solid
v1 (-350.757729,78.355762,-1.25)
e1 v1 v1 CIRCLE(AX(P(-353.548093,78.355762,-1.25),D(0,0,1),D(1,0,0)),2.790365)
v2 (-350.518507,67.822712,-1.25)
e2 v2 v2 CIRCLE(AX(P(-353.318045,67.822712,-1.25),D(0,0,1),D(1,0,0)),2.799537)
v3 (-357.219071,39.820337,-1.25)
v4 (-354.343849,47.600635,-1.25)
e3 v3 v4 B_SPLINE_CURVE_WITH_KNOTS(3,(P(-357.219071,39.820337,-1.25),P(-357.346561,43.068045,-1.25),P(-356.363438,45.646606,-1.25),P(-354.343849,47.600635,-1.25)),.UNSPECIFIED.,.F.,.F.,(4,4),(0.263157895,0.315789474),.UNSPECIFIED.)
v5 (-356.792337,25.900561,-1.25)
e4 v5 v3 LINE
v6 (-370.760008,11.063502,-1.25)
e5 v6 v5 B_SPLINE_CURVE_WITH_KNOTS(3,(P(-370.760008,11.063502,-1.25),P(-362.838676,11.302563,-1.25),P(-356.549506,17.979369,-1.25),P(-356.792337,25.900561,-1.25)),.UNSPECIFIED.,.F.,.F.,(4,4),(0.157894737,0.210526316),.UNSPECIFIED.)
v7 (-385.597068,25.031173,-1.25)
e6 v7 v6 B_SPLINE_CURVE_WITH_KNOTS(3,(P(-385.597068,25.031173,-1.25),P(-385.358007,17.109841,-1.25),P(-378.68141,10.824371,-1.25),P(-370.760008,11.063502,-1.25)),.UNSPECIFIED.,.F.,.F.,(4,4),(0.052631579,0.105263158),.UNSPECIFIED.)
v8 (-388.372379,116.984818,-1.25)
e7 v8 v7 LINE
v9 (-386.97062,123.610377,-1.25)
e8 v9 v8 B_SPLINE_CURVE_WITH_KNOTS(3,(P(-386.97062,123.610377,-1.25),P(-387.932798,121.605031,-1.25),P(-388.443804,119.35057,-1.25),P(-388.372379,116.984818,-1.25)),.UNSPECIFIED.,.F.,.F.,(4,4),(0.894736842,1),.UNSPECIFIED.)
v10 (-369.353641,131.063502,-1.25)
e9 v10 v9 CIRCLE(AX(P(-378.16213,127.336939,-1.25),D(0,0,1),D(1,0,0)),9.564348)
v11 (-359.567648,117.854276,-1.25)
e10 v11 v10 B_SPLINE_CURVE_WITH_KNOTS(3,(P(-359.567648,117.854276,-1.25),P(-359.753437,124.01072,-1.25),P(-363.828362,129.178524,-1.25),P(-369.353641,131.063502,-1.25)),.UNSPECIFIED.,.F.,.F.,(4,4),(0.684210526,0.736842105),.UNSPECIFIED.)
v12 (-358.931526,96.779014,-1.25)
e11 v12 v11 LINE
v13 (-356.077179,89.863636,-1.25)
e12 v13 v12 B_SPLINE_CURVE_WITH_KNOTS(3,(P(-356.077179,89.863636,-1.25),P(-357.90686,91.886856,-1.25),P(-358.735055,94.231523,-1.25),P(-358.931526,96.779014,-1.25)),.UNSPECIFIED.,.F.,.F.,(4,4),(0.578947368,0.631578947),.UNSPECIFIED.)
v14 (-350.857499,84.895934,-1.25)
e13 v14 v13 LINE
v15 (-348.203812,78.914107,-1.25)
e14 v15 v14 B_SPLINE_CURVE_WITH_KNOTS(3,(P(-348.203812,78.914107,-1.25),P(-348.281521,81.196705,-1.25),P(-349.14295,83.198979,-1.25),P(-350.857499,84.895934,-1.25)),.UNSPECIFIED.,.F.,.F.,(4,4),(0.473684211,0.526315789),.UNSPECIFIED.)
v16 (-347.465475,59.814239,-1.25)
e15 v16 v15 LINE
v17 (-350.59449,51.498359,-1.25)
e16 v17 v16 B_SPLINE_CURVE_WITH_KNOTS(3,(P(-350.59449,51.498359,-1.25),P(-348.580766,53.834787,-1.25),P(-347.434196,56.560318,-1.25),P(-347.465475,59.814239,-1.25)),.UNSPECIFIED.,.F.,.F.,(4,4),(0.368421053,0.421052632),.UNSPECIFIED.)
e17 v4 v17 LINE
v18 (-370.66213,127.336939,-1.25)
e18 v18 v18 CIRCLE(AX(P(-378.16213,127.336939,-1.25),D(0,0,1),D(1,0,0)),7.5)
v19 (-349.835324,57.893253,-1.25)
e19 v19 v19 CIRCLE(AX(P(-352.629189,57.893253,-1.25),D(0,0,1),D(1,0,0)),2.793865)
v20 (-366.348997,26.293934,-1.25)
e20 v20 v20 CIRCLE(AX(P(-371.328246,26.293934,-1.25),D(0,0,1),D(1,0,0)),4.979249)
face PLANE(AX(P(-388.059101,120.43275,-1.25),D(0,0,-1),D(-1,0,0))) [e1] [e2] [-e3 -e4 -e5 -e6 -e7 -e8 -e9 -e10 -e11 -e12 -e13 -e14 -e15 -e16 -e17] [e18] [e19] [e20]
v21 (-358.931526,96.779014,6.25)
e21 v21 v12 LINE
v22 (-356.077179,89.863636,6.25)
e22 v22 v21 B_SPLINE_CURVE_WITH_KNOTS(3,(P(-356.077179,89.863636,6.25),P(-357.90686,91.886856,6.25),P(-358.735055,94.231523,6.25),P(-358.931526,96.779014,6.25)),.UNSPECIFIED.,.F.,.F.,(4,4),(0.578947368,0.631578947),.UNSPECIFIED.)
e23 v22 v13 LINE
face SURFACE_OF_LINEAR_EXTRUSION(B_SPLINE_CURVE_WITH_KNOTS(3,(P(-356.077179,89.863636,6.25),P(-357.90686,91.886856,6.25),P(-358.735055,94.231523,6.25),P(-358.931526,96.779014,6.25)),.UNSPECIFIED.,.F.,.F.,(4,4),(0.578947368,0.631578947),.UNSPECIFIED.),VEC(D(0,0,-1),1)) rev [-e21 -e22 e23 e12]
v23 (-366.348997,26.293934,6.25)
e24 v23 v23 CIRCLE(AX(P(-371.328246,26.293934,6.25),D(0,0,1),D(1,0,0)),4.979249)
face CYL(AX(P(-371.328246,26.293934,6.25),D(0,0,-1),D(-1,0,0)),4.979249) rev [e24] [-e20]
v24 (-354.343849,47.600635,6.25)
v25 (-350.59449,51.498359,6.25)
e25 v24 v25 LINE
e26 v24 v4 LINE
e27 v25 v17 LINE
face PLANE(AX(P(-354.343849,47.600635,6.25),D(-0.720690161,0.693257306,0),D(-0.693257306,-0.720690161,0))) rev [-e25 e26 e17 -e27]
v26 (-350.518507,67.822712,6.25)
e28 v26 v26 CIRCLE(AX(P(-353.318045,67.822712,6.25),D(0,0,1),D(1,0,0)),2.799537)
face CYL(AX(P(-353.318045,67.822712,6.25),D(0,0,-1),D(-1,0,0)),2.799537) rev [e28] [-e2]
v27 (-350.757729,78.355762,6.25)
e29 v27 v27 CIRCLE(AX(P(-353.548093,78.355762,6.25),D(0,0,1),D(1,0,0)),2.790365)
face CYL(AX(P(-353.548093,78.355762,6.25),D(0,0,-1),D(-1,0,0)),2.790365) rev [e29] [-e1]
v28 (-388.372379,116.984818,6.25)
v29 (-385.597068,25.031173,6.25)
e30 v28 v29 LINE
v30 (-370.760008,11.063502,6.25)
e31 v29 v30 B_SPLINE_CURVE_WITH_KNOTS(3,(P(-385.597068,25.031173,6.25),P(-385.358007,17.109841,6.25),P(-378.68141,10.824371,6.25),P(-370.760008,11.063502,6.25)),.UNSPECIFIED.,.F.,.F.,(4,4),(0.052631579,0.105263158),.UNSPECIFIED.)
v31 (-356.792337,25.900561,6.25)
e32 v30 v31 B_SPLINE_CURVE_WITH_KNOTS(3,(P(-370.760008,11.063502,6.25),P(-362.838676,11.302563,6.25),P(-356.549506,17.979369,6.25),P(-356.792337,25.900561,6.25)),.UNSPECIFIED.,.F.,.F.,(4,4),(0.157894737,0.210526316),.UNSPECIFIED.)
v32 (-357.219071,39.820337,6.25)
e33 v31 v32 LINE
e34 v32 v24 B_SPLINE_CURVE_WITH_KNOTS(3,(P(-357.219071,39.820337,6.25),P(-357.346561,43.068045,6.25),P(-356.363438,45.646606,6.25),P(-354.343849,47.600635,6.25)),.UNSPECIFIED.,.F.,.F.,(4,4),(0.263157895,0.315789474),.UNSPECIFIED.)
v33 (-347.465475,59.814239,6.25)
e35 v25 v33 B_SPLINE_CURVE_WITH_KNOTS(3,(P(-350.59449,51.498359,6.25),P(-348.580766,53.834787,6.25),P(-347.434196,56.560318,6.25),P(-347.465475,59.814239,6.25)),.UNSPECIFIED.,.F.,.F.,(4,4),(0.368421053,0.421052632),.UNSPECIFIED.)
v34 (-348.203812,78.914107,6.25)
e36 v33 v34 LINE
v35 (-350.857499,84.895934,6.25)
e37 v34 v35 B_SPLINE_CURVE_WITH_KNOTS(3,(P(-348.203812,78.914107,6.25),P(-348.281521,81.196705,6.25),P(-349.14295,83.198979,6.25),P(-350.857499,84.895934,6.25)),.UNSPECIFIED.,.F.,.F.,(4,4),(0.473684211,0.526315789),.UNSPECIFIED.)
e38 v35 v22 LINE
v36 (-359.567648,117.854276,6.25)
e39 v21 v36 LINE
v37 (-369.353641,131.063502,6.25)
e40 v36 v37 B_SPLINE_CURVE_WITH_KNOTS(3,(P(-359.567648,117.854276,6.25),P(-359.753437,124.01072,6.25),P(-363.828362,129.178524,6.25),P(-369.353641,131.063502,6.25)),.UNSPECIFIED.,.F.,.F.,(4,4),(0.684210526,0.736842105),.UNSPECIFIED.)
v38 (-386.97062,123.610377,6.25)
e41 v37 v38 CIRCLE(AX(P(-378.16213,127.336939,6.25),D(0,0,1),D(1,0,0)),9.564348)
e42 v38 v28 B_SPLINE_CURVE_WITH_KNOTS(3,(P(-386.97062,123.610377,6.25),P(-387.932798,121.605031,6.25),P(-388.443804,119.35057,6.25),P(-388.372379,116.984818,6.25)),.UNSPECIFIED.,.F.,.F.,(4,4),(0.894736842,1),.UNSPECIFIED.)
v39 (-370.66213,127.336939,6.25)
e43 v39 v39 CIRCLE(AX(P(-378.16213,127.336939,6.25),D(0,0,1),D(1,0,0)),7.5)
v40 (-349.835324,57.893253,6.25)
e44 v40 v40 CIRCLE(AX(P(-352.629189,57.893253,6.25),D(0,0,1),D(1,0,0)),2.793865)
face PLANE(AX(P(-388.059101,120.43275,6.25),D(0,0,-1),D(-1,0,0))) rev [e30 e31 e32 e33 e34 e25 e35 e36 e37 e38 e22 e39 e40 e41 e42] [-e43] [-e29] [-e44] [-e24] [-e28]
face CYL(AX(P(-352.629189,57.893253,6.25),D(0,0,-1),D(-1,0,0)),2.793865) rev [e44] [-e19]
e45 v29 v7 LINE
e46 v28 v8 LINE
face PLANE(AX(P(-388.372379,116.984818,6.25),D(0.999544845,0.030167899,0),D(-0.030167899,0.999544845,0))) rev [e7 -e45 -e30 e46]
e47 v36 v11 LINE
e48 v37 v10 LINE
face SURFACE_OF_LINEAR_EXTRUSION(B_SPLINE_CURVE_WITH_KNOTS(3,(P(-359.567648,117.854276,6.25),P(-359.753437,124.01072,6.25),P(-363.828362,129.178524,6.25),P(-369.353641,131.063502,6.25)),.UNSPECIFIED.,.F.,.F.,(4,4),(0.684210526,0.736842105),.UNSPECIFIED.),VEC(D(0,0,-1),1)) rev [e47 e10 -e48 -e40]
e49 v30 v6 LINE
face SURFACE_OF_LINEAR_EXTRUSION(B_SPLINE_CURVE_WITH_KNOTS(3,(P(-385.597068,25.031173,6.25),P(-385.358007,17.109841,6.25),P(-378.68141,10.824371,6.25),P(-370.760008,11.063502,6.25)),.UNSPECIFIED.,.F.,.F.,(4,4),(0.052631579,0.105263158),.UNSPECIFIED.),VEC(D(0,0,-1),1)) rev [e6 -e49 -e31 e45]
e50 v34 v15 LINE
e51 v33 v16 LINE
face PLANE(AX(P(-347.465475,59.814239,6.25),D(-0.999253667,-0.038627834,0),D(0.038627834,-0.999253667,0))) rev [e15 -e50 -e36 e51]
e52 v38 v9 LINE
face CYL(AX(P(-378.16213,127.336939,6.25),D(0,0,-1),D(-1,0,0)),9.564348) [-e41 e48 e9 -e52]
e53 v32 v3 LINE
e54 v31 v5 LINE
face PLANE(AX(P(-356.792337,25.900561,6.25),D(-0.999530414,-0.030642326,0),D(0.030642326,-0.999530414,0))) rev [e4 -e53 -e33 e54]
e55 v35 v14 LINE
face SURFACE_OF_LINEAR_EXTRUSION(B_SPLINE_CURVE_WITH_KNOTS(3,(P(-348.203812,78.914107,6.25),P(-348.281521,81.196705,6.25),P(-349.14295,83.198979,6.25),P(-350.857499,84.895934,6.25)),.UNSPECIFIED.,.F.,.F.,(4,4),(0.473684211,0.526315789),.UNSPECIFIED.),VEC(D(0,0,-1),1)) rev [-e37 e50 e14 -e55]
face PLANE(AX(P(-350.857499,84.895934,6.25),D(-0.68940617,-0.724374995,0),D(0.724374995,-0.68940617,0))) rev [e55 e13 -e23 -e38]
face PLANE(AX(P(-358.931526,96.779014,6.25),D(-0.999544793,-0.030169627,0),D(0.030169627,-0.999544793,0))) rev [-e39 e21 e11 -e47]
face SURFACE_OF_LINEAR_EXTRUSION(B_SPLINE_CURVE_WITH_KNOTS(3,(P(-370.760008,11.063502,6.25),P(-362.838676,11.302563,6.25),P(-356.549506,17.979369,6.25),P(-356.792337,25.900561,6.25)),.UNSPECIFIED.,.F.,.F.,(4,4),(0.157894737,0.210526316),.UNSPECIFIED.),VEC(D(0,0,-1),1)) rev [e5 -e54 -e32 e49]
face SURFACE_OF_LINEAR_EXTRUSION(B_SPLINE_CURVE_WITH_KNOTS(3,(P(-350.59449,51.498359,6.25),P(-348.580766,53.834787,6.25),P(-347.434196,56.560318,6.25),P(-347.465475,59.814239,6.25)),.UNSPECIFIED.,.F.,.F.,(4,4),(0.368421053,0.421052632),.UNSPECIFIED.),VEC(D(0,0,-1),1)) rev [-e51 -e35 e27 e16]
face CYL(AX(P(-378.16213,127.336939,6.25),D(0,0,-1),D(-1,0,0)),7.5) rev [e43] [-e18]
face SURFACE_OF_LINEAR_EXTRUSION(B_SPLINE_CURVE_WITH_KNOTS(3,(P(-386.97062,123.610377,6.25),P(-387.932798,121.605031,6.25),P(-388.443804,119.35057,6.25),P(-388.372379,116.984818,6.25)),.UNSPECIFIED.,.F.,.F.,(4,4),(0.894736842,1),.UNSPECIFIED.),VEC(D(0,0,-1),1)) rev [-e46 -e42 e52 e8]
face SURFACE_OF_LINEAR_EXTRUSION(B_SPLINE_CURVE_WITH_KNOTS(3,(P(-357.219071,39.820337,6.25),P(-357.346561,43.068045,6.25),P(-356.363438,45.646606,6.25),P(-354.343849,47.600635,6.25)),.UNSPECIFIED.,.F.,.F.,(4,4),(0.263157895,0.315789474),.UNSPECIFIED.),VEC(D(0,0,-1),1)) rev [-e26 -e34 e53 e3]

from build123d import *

# Parameters (mm, degrees)
SKETCH1_R           = 3.319499332
SKETCH1_R_2         = 1.86024312
SKETCH1_R_3         = 1.866358203
SKETCH1_R_4         = 1.862576991
SKETCH1_R_5         = 5
BOSS_EXTRUDE1_DEPTH = 5
SCALE1_SCALE        = 1.5


with BuildPart() as part:
    # Sketch1 → Boss-Extrude1 (new body)
    with BuildSketch(Plane.XY):
        with BuildLine():
            Line((-382.519657002, 101.671493886), (-380.669449348, 40.369064063))
            add(Edge.make_bspline(
                [(-380.669449348, 40.369064063), (-380.510075486, 35.088175777), (-376.059011151, 30.897862719), (-370.778076319, 31.057283127)],
                knots=[0.052631579, 0.052631579, 0.052631579, 0.052631579, 0.105263158, 0.105263158, 0.105263158, 0.105263158], degree=3))
            add(Edge.make_bspline(
                [(-370.778076319, 31.057283127), (-365.497188033, 31.216656989), (-361.304408032, 35.667860962), (-361.466295384, 40.948656156)],
                knots=[0.157894737, 0.157894737, 0.157894737, 0.157894737, 0.210526316, 0.210526316, 0.210526316, 0.210526316], degree=3))
            Line((-361.466295384, 40.948656156), (-361.750785175, 50.228506464))
            add(Edge.make_bspline(
                [(-361.750785175, 50.228506464), (-361.835778361, 52.39364506), (-361.180362664, 54.112685792), (-359.833970045, 55.415371618)],
                knots=[0.263157895, 0.263157895, 0.263157895, 0.263157895, 0.315789474, 0.315789474, 0.315789474, 0.315789474], degree=3))
            Line((-359.833970045, 55.415371618), (-357.334397688, 58.013854448))
            add(Edge.make_bspline(
                [(-357.334397688, 58.013854448), (-355.991914942, 59.571473289), (-355.227534814, 61.38849357), (-355.248387468, 63.55777477)],
                knots=[0.368421053, 0.368421053, 0.368421053, 0.368421053, 0.421052632, 0.421052632, 0.421052632, 0.421052632], degree=3))
            Line((-355.248387468, 63.55777477), (-355.740612523, 76.291020209))
            add(Edge.make_bspline(
                [(-355.740612523, 76.291020209), (-355.792418338, 77.812752004), (-356.366704175, 79.147601188), (-357.509736863, 80.278904258)],
                knots=[0.473684211, 0.473684211, 0.473684211, 0.473684211, 0.526315789, 0.526315789, 0.526315789, 0.526315789], degree=3))
            Line((-357.509736863, 80.278904258), (-360.989523636, 83.590706139))
            add(Edge.make_bspline(
                [(-360.989523636, 83.590706139), (-362.20931085, 84.939519155), (-362.761440742, 86.502630437), (-362.89242148, 88.200958152)],
                knots=[0.578947368, 0.578947368, 0.578947368, 0.578947368, 0.631578947, 0.631578947, 0.631578947, 0.631578947], degree=3))
            Line((-362.89242148, 88.200958152), (-363.316503038, 102.251132525))
            add(Edge.make_bspline(
                [(-363.316503038, 102.251132525), (-363.440362222, 106.355428381), (-366.156979065, 109.800631398), (-369.840498136, 111.057283127)],
                knots=[0.684210526, 0.684210526, 0.684210526, 0.684210526, 0.736842105, 0.736842105, 0.736842105, 0.736842105], degree=3))
            ThreePointArc((-369.840498136, 111.057283127), (-378.197199554, 114.445234435), (-381.585150862, 106.088533018))
            add(Edge.make_bspline(
                [(-381.585150862, 106.088533018), (-382.226602728, 104.751635805), (-382.567273667, 103.24866209), (-382.519657002, 101.671493886)],
                knots=[0.894736842, 0.894736842, 0.894736842, 0.894736842, 1, 1, 1, 1], degree=3))
        make_face()
        with Locations((-371.156901577, 41.210904817)):
            Circle(SKETCH1_R, mode=Mode.SUBTRACT)
        with Locations((-359.303466466, 75.91878991)):
            Circle(SKETCH1_R_2, mode=Mode.SUBTRACT)
        with Locations((-359.150100692, 68.896756505)):
            Circle(SKETCH1_R_3, mode=Mode.SUBTRACT)
        with Locations((-358.690863752, 62.277116942)):
            Circle(SKETCH1_R_4, mode=Mode.SUBTRACT)
        with Locations((-375.712824499, 108.572908073)):
            Circle(SKETCH1_R_5, mode=Mode.SUBTRACT)
    extrude(amount=BOSS_EXTRUDE1_DEPTH)


with BuildPart() as part_1:
    # Scale1: scaled about (-370.814087285, 71.044531915, 2.5)
    add(part.part.scale(SCALE1_SCALE).moved(Location((185.407043643, -35.522265957, -1.25))))


solid = part_1.part
